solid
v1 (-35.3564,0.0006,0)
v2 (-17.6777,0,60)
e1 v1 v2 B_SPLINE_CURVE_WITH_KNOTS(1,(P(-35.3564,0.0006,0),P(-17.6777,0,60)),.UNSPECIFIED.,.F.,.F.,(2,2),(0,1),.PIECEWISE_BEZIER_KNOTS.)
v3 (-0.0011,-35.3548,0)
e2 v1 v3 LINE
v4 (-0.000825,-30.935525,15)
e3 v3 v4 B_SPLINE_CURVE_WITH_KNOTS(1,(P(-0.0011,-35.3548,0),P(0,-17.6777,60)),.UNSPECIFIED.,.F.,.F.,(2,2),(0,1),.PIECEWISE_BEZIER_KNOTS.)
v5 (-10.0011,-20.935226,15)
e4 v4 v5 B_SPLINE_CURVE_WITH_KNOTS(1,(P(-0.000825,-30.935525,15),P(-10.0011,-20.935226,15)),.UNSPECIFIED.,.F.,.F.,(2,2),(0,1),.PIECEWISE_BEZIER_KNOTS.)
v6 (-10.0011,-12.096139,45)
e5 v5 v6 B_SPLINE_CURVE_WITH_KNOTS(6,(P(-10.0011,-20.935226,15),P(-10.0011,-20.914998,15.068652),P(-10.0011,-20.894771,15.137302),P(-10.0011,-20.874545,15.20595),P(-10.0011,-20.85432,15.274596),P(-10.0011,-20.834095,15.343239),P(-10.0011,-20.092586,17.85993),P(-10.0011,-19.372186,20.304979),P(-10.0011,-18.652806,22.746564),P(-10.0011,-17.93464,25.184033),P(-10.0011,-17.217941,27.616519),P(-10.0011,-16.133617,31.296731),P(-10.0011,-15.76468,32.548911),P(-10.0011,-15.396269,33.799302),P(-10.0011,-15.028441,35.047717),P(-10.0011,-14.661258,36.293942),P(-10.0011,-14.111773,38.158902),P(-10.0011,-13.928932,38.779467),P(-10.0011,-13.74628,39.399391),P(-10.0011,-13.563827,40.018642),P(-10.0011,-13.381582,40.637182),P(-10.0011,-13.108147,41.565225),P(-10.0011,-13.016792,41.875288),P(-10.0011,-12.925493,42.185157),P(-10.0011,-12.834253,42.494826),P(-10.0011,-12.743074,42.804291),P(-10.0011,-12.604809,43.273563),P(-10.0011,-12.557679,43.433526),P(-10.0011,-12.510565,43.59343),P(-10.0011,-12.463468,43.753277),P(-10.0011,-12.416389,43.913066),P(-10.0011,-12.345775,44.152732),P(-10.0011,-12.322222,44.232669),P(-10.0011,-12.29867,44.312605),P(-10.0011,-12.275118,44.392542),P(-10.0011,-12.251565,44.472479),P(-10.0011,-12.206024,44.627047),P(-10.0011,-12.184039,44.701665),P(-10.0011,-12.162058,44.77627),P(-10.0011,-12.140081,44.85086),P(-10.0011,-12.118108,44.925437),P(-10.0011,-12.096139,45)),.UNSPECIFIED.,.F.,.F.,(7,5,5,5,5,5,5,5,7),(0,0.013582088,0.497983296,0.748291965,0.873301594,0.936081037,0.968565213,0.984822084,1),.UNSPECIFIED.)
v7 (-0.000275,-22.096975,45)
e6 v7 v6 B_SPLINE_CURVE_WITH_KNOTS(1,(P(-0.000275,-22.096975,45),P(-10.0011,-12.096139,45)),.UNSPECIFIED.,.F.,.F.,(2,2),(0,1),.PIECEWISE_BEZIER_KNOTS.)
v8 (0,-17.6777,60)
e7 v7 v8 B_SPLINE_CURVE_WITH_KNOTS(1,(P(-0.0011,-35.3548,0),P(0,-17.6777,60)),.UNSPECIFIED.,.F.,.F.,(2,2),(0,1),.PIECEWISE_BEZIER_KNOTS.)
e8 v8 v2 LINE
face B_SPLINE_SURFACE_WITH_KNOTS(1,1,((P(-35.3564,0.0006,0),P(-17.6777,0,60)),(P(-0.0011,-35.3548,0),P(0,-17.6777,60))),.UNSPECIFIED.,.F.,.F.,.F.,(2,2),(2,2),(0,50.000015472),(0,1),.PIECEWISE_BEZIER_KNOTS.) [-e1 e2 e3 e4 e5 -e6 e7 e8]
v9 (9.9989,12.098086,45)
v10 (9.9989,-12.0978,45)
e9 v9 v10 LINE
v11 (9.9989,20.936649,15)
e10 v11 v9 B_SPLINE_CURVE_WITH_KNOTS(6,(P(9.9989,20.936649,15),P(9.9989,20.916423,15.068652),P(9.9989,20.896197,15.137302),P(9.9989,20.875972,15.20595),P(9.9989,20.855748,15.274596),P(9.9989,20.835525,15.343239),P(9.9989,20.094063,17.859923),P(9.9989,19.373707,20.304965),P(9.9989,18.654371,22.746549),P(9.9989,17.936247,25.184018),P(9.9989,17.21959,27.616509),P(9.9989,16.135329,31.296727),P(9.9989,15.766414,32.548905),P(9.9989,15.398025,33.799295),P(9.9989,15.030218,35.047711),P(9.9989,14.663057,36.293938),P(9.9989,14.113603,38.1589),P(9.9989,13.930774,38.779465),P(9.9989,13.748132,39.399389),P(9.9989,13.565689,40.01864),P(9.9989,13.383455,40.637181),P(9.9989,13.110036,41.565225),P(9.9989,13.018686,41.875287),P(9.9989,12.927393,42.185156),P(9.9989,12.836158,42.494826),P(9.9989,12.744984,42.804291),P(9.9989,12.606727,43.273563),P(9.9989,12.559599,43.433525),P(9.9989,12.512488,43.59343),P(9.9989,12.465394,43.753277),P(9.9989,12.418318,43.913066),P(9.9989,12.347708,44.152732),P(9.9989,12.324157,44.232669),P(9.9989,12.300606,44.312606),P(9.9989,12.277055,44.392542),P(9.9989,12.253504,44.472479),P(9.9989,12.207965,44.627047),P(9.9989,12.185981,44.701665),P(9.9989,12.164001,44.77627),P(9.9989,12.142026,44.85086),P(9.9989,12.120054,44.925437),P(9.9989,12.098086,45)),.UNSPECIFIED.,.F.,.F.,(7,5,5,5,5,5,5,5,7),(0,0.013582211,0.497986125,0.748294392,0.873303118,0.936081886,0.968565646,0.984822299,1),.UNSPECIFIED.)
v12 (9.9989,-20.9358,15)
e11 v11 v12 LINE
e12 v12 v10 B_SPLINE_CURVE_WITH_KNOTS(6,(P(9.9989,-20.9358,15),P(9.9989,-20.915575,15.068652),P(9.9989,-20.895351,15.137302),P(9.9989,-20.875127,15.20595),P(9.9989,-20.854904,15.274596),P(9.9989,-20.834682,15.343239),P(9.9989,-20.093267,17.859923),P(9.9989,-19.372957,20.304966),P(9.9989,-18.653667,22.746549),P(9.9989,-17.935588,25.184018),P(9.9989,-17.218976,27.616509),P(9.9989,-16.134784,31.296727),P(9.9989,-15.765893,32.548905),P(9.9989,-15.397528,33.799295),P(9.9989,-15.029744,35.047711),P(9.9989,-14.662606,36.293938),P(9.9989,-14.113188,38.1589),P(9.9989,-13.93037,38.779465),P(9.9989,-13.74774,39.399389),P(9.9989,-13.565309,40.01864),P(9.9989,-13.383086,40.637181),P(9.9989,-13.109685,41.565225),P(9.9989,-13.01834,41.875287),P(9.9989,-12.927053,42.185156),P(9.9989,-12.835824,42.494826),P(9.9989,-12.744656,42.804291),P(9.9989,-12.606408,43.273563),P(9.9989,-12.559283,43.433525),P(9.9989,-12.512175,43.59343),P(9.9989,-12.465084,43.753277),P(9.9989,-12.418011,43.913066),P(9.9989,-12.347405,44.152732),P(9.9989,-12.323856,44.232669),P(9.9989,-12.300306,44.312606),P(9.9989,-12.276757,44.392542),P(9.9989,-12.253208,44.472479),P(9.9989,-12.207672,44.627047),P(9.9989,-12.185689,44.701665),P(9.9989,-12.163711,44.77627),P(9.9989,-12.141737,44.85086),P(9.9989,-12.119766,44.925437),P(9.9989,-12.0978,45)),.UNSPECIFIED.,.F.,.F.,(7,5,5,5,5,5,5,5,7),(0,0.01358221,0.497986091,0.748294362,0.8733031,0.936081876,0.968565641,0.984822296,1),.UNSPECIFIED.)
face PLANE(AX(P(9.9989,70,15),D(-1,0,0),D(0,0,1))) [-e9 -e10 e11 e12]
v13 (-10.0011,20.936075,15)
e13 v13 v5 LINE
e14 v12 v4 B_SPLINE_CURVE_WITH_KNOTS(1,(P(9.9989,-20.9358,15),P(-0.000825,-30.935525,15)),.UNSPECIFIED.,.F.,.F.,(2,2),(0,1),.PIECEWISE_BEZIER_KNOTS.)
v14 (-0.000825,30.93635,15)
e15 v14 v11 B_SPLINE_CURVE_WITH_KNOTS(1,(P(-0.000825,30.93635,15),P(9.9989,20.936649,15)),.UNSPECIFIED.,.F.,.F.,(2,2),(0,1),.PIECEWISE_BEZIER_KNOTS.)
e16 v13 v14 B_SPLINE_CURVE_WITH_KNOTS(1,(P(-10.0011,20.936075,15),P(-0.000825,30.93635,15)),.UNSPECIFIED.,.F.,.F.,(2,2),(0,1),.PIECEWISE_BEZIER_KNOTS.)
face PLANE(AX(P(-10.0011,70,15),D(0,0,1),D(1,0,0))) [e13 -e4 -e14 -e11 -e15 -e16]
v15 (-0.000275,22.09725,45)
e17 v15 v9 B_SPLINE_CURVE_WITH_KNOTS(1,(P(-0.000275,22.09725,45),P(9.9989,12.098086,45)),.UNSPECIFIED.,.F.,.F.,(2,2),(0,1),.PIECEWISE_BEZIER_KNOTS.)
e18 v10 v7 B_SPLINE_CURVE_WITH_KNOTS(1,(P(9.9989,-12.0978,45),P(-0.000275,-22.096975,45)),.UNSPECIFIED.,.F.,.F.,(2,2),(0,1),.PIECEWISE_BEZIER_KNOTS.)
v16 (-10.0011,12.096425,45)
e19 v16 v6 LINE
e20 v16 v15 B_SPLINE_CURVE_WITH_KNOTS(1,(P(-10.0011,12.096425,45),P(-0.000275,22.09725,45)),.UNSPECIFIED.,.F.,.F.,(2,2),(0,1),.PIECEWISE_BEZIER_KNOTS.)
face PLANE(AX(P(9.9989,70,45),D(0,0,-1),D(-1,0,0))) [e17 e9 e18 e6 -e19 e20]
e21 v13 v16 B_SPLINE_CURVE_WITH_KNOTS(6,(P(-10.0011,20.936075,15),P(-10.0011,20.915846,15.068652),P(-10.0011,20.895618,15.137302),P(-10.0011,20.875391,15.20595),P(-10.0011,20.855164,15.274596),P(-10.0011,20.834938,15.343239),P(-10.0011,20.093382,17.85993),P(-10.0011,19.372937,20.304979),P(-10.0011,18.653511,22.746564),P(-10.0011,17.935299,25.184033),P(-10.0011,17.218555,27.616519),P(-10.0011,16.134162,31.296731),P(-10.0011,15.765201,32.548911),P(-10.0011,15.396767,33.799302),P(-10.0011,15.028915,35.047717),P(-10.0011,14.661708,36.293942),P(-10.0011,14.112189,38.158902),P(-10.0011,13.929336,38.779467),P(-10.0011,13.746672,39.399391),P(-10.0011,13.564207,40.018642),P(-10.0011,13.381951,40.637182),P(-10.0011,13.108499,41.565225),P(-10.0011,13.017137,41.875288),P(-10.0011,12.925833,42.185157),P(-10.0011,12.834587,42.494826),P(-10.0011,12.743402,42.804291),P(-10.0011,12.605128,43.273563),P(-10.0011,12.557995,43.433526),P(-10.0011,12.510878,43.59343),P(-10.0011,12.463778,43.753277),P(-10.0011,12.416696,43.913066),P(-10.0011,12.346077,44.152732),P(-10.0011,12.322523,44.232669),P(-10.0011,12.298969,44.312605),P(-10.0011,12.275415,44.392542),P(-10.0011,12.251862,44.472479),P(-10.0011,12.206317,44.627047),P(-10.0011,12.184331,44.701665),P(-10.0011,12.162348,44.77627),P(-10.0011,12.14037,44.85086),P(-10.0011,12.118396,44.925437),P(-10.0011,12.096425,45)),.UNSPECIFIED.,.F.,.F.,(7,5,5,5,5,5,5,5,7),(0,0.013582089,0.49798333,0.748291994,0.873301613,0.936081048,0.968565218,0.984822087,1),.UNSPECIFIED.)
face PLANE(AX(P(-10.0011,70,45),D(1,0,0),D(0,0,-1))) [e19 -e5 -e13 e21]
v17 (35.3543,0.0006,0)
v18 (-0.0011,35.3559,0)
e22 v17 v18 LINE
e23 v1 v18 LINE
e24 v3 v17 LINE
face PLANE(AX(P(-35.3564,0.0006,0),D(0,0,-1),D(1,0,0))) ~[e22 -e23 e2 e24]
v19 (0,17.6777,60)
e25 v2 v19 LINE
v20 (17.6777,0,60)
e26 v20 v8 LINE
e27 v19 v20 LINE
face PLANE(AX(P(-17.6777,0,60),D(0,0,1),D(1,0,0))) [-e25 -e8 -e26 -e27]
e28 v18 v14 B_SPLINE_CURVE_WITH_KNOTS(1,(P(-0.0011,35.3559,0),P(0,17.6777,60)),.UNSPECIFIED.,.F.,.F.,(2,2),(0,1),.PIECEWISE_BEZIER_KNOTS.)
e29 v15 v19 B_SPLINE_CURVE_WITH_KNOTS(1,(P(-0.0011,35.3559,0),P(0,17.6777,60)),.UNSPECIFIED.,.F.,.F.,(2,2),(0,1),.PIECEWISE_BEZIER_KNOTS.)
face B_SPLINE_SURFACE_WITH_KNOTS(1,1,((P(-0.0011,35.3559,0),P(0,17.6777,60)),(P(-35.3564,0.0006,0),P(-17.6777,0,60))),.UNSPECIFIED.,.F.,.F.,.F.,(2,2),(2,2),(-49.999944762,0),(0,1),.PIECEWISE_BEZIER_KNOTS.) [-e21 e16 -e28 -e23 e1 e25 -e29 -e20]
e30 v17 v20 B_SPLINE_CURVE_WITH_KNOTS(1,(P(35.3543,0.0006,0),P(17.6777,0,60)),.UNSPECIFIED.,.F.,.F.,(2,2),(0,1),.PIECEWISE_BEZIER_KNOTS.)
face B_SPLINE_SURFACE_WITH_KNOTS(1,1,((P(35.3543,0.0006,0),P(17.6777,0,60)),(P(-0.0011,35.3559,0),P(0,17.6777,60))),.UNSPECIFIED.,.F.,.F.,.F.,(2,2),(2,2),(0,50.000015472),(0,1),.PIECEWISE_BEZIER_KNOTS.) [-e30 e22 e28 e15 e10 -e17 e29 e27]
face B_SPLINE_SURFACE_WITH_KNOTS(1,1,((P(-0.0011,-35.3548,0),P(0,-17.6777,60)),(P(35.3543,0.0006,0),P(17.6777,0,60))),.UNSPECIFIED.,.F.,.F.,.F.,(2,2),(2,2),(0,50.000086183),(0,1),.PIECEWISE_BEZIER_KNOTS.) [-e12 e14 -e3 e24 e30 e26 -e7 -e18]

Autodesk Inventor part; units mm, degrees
ref_plane "YZ Plane" through (0, 0, 0) normal (1, 0, 0) x (0, 1, 0)
sketch "Эскиз1" plane through (0, 0, 0) normal (0, 0, 1) x (1, 0, 0)
  line L0 (-35.3564, 0.0006) -> (-0.0011, 35.3559)
  line L1 (-35.3564, 0.0006) -> (-0.0011, -35.3548)
  line L2 (-0.0011, -35.3548) -> (35.3543, 0.0006)
  line L3 (35.3543, 0.0006) -> (-0.0011, 35.3559)
  point P0 (0, 0)
  point P1 (0, 0)
sketch "Эскиз2" plane through (0, 0, 0) normal (0, 0, 1) x (1, 0, 0)
  point P0 (0, 0)
ref_plane "РабПлоскость1" through (0, 0, 60) normal (0, 0, 1) x (1, 0, 0)
sketch "Эскиз3" plane through (0, 0, 60) normal (0, 0, 1) x (1, 0, 0)
  line L0 (-17.6777, 0) -> (0, 17.6777)
  line L1 (0, 17.6777) -> (17.6777, 0)
  line L2 (17.6777, 0) -> (0, -17.6777)
  line L3 (0, -17.6777) -> (-17.6777, 0)
  point P0 (0, 0)
sketch "Эскиз4" plane through (0, 0, 60) normal (0, 0, 1) x (1, 0, 0)
  point P0 (0, 0)
sketch "Эскиз5" plane through (0, 0, 60) normal (0, 0, 1) x (1, 0, 0)
  point P0 (0, 0)
sketch "Эскиз6" plane through (0, 0, 0) normal (0, 0, 1) x (1, 0, 0)
  point P0 (0, 0)
sketch "Эскиз7" plane through (0, 0, 0) normal (0, 0, 1) x (1, 0, 0)
  point P0 (0, 0)
loft "Лофт1" add profiles "Эскиз1", "Эскиз3"
sketch "Эскиз8" plane through (0, 0, 0) normal (0, 1, 0) x (-1, 0, 0)
  point P0 (0, 0)
ref_plane "РабПлоскость2" through (0, 70, 0) normal (0, 1, 0) x (-1, 0, 0)
sketch "Эскиз9" plane through (0, 70, 0) normal (0, 1, 0) x (-1, 0, 0)
  line L0 (-9.9989, 45) -> (10.0011, 45)
  line L1 (10.0011, 45) -> (10.0011, 15)
  line L2 (10.0011, 15) -> (-9.9989, 15)
  line L3 (-9.9989, 15) -> (-9.9989, 45)
  line L4 (0.0011, 0) -> (-35.3543, 0) projected
  point P0 (0, 0)
extrude "Выдавливание1" cut sketch "Эскиз9" against normal blind 110
